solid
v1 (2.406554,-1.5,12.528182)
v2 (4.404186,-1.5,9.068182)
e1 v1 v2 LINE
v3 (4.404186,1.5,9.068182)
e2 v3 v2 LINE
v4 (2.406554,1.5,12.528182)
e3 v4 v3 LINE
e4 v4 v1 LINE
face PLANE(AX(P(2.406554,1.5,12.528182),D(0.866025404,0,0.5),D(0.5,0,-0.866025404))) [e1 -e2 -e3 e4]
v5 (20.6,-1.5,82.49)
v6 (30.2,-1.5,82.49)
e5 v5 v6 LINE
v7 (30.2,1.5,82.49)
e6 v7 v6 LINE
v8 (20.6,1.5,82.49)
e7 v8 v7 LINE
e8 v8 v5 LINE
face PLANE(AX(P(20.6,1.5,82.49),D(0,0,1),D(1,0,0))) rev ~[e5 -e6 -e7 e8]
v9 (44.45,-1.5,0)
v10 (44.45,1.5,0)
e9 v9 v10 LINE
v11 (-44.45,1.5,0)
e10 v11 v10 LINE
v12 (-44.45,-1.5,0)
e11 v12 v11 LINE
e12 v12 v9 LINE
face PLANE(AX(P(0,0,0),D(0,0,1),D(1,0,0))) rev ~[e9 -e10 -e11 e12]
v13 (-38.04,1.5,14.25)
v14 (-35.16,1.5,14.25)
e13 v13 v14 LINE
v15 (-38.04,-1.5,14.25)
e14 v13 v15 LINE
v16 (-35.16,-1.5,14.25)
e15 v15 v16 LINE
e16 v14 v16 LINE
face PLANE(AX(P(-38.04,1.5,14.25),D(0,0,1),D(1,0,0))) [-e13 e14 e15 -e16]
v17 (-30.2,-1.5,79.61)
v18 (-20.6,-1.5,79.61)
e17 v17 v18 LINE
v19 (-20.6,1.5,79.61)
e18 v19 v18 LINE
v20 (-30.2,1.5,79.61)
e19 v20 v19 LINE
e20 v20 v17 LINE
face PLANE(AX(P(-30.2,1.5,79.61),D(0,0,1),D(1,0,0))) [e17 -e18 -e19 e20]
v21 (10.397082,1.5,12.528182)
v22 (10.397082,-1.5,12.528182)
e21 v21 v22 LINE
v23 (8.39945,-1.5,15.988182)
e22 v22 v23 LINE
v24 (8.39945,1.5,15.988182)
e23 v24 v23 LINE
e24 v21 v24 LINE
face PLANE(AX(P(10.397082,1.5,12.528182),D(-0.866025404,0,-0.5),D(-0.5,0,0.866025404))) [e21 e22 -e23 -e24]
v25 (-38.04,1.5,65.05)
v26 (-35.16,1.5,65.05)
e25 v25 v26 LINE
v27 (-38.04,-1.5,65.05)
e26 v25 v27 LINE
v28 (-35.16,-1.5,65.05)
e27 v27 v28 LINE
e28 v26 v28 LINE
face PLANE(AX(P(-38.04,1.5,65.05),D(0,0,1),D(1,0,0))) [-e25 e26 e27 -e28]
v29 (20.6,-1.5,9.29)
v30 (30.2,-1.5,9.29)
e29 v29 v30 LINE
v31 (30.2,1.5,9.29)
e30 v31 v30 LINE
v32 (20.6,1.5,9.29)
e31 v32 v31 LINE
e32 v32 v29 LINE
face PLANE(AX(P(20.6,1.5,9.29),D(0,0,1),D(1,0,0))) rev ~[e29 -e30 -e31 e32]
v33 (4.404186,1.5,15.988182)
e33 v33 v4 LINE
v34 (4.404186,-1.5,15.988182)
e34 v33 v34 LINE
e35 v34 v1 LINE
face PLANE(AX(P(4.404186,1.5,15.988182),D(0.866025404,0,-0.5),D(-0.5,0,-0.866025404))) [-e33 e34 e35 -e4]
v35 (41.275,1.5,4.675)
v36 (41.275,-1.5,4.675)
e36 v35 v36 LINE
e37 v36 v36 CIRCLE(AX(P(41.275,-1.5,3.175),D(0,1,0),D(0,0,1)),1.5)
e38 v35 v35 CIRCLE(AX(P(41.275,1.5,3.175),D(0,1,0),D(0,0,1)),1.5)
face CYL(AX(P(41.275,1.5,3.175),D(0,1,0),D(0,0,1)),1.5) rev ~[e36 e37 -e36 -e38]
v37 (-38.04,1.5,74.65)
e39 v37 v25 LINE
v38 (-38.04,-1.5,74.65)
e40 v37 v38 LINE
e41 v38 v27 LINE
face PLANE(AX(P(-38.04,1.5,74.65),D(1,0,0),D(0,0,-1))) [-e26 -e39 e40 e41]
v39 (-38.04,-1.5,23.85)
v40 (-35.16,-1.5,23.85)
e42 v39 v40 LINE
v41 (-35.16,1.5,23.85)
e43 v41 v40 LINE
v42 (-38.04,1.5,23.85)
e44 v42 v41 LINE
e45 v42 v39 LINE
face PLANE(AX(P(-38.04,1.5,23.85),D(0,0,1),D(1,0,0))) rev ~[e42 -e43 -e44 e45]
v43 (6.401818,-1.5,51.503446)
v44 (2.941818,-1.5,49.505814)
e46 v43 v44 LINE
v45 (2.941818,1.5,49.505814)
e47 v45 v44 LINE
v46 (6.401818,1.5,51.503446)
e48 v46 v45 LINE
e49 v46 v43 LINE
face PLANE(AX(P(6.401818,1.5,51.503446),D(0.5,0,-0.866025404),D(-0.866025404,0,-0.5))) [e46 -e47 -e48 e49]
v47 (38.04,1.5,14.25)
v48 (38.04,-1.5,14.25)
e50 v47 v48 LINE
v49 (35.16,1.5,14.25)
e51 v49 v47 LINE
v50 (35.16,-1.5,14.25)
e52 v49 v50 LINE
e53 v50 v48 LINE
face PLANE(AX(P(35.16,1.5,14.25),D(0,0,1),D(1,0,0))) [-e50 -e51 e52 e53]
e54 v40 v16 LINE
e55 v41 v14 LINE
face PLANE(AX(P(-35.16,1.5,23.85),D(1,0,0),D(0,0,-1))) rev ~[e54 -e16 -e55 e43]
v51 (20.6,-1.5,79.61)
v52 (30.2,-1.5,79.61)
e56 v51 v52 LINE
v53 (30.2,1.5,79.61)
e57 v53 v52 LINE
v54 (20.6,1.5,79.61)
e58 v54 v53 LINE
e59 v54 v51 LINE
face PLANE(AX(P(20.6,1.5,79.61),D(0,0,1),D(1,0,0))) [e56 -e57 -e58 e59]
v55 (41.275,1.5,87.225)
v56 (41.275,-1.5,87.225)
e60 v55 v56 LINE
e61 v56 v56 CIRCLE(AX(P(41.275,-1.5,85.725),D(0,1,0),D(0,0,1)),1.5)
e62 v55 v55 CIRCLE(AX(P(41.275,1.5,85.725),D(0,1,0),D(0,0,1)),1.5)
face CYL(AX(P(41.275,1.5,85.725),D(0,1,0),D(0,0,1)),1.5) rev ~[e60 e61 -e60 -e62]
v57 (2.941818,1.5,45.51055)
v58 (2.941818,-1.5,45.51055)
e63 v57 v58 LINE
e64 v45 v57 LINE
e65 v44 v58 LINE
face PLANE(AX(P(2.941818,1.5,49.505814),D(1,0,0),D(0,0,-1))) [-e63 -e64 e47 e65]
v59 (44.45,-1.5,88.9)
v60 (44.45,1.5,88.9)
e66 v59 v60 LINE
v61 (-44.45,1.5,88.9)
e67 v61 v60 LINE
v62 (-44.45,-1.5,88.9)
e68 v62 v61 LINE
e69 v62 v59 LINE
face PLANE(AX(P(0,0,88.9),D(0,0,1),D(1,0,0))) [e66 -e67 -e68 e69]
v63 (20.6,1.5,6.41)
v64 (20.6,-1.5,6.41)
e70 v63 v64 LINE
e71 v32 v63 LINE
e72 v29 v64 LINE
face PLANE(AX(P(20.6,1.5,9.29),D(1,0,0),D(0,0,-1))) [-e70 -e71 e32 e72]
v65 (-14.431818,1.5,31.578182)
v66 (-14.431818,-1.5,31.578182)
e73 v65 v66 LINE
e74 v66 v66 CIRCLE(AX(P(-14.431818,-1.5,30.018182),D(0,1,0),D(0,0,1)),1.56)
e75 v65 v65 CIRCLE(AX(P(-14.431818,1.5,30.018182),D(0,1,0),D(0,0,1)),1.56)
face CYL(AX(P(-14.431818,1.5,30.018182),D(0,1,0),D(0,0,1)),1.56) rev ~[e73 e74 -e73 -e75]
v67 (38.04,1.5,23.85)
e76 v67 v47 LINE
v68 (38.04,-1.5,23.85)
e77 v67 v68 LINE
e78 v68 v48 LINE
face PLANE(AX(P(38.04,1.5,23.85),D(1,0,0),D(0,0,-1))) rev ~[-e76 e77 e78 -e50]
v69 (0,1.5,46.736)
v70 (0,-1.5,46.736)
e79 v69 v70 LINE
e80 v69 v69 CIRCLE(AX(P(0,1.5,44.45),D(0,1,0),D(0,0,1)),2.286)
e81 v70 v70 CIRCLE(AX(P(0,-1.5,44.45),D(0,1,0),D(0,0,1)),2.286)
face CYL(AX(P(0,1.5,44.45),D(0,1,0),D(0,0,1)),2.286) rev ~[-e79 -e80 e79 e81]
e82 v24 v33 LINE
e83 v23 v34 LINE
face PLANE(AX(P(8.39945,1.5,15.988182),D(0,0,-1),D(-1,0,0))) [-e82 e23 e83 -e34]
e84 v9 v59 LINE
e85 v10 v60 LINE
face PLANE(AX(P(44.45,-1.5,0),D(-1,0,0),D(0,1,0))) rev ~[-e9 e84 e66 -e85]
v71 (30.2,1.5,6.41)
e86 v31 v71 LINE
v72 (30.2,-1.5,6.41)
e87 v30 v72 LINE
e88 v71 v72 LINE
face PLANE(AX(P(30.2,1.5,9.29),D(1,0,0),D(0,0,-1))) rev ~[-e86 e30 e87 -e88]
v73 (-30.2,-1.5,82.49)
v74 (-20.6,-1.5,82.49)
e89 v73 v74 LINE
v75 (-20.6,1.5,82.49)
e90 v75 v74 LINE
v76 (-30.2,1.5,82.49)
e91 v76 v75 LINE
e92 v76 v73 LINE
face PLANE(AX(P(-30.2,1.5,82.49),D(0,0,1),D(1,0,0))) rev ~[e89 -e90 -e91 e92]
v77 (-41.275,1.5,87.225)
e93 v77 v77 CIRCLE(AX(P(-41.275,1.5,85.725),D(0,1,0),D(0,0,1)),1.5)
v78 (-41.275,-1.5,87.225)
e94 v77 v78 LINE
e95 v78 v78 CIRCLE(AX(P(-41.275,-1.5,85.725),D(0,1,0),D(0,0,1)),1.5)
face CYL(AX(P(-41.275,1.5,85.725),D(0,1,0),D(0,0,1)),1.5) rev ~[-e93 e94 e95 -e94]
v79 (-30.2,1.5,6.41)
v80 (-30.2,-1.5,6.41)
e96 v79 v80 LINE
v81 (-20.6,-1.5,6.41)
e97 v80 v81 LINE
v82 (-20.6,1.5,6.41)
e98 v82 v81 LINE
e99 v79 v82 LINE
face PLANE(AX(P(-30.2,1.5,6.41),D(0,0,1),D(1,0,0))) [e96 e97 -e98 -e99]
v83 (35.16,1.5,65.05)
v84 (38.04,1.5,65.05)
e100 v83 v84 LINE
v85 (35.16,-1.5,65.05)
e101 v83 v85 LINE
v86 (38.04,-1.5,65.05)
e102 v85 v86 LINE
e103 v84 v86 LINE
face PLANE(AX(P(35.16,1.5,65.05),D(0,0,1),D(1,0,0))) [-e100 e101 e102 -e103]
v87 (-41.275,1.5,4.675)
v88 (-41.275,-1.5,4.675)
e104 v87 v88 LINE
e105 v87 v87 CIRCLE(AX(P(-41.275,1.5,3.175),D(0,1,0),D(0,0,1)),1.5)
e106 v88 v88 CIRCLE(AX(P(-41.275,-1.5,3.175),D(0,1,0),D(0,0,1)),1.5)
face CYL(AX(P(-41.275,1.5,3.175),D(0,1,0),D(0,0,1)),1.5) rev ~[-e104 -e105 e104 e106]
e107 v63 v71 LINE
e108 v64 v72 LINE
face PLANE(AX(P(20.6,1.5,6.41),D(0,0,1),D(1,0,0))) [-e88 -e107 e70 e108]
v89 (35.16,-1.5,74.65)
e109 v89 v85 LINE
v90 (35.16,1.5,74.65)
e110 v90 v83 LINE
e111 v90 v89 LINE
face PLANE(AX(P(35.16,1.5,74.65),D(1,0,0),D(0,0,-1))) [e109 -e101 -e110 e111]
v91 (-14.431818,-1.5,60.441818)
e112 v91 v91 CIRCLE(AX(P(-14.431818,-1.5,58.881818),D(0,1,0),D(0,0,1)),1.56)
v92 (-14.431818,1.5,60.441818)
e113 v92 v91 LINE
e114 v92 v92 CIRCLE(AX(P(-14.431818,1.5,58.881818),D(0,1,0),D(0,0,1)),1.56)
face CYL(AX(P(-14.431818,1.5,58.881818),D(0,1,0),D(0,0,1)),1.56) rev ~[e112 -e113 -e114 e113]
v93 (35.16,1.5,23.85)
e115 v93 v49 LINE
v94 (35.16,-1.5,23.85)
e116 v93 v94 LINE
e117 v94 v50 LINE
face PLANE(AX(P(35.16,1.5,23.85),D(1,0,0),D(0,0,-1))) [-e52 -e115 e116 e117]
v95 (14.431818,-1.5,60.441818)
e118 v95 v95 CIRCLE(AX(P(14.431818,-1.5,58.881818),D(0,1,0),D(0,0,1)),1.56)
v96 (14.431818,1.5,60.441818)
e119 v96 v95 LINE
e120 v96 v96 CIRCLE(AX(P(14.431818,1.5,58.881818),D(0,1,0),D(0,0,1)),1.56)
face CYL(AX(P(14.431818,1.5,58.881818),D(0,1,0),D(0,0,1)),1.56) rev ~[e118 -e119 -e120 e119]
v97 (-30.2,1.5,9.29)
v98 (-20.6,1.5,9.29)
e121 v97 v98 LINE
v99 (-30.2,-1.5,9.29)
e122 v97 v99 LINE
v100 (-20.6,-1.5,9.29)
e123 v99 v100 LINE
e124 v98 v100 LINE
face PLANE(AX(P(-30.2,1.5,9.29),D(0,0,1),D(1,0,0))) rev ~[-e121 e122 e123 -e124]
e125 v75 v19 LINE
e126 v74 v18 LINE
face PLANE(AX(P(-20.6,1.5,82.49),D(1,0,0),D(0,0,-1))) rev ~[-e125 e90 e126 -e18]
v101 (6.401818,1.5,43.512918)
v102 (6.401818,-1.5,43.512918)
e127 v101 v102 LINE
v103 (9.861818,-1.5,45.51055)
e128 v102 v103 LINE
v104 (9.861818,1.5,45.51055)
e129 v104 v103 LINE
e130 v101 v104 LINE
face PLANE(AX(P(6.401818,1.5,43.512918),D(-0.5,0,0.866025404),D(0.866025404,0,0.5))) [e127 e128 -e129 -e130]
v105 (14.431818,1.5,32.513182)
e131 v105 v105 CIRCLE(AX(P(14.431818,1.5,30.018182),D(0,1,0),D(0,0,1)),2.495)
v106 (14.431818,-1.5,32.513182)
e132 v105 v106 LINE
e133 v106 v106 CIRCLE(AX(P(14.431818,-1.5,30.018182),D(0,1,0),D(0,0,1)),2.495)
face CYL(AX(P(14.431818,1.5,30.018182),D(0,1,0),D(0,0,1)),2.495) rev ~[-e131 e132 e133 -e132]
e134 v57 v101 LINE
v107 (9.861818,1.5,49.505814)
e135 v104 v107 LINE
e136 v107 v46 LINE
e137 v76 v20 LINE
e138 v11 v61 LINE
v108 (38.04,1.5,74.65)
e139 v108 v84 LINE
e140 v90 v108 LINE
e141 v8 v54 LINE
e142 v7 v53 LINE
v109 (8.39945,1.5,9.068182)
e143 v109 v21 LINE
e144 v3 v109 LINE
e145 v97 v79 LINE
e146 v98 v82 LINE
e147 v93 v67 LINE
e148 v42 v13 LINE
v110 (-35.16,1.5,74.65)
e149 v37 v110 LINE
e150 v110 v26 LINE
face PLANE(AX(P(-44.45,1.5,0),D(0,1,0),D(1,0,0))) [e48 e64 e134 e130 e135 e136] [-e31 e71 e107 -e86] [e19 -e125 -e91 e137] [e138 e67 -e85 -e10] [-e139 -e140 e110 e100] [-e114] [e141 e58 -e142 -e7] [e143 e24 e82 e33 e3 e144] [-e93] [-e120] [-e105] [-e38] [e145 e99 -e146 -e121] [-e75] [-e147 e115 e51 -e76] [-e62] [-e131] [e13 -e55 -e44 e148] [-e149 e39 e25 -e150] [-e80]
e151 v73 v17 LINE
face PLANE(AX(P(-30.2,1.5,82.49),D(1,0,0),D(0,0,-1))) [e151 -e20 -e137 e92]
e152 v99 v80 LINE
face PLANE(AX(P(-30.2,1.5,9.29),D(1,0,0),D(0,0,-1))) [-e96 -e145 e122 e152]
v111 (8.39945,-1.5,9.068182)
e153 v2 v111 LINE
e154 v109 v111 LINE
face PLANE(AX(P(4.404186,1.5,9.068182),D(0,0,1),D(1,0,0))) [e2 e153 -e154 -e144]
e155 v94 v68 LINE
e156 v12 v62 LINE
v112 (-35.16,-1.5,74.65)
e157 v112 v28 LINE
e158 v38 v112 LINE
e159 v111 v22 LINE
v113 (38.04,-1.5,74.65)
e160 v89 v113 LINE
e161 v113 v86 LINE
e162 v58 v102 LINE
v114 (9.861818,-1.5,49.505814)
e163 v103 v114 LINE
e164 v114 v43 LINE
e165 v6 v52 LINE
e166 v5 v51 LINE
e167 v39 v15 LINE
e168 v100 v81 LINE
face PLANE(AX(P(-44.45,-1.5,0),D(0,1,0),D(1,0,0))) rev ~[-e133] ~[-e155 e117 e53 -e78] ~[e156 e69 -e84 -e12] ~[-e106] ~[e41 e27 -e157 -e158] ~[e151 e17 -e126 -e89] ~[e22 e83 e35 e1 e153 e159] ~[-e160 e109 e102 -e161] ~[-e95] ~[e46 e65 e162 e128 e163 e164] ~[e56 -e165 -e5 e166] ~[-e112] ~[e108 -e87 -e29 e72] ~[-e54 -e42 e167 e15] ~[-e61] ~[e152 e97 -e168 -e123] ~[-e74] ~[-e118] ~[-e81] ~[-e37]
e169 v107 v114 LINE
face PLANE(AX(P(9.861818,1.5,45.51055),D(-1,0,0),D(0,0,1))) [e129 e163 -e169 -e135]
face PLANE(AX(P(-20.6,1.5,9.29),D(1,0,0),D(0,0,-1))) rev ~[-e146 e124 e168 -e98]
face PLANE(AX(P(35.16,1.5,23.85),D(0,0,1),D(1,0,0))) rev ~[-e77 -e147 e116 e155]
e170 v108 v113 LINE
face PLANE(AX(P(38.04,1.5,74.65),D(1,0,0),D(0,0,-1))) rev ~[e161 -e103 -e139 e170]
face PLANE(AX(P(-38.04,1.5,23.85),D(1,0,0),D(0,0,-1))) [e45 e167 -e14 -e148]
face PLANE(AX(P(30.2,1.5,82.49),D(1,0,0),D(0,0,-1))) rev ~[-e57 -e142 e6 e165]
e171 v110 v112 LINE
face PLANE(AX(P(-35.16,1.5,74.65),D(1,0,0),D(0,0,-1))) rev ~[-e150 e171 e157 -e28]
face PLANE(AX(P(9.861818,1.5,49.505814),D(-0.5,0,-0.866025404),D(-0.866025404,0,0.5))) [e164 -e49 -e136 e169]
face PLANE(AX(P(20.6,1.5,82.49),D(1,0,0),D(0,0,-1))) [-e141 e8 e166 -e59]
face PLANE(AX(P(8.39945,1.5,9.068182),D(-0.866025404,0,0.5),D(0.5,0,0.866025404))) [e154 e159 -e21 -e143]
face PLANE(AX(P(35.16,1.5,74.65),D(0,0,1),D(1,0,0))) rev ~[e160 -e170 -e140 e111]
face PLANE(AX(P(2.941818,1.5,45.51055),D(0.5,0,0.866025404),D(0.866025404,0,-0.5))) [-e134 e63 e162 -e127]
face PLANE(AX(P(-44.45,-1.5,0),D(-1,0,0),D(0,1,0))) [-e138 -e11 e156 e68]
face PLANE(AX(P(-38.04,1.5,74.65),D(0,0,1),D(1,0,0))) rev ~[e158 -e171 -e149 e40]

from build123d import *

# Parameters (mm, degrees)
SKETCH_2_W          = 88.9
SKETCH_2_H          = 3
EXTRUDE_1_DEPTH     = 88.9
SKETCH_4_R          = 1.5
SKETCH_4_W          = 2.88
SKETCH_4_H          = 9.6
SKETCH_4_W_2        = 9.6
SKETCH_4_H_2        = 2.88
CUT_EXTRUDE_1_DEPTH = 3
SKETCH_5_R          = 1.56
CUT_EXTRUDE_2_DEPTH = 3
SKETCH_7_R          = 2.495
CUT_EXTRUDE_3_DEPTH = 3
SKETCH_8_R          = 2.286
CUT_EXTRUDE_4_DEPTH = 3


with BuildPart() as part:
    # 스케치2 → 보스-돌출1 (new body)
    with BuildSketch(Plane.XY):
        Rectangle(SKETCH_2_W, SKETCH_2_H)
    extrude(amount=EXTRUDE_1_DEPTH)

    # 스케치4 → 컷-돌출1 (cut)
    with BuildSketch(Plane(origin=(0, 1.5, 0), x_dir=(1, 0, 0), z_dir=(0, 1, 0))):
        with Locations(Location((-41.275, -85.725, 0), (0, 0, 270))):
            Circle(SKETCH_4_R)
        with Locations(Location((-41.275, -3.175, 0), (0, 0, 270))):
            Circle(SKETCH_4_R)
        with Locations(Location((41.275, -3.175, 0), (0, 0, 270))):
            Circle(SKETCH_4_R)
        with Locations(Location((41.275, -85.725, 0), (0, 0, 270))):
            Circle(SKETCH_4_R)
        with Locations((-36.6, -69.85)):
            Rectangle(SKETCH_4_W, SKETCH_4_H)
        with Locations((-36.6, -19.05)):
            Rectangle(SKETCH_4_W, SKETCH_4_H)
        with Locations((-25.4, -7.85)):
            Rectangle(SKETCH_4_W_2, SKETCH_4_H_2)
        with Locations((36.6, -69.85)):
            Rectangle(SKETCH_4_W, SKETCH_4_H)
        with Locations((36.6, -19.05)):
            Rectangle(SKETCH_4_W, SKETCH_4_H)
        with Locations((25.4, -7.85)):
            Rectangle(SKETCH_4_W_2, SKETCH_4_H_2)
        with Locations((25.4, -81.05)):
            Rectangle(SKETCH_4_W_2, SKETCH_4_H_2)
        with Locations((-25.4, -81.05)):
            Rectangle(SKETCH_4_W_2, SKETCH_4_H_2)
    extrude(amount=-CUT_EXTRUDE_1_DEPTH, mode=Mode.SUBTRACT)

    # 스케치5 → 컷-돌출2 (cut)
    with BuildSketch(Plane(origin=(0, 1.5, 0), x_dir=(1, 0, 0), z_dir=(0, 1, 0))):
        with Locations(Location((-14.431818182, -30.018181818, 0), (0, 0, 270))):
            Circle(SKETCH_5_R)
        with Locations(Location((14.431818182, -30.018181818, 0), (0, 0, 270))):
            Circle(SKETCH_5_R)
        with Locations(Location((14.431818182, -58.881818182, 0), (0, 0, 270))):
            Circle(SKETCH_5_R)
        with Locations(Location((-14.431818182, -58.881818182, 0), (0, 0, 270))):
            Circle(SKETCH_5_R)
    extrude(amount=-CUT_EXTRUDE_2_DEPTH, mode=Mode.SUBTRACT)

    # 스케치7 → 컷-돌출3 (cut)
    with BuildSketch(Plane(origin=(0, 1.5, 0), x_dir=(1, 0, 0), z_dir=(0, 1, 0))):
        with Locations(Location((14.431818182, -30.018181818, 0), (0, 0, 270))):
            Circle(SKETCH_7_R)
        Polygon((6.401818182, -51.503445681), (2.941818182, -49.50581375), (2.941818182, -45.510549887), (6.401818182, -43.512917955), (9.861818182, -45.510549887), (9.861818182, -49.50581375), align=None)
        Polygon((4.40418625, -15.988181818), (2.406554319, -12.528181818), (4.40418625, -9.068181818), (8.399450113, -9.068181818), (10.397082045, -12.528181818), (8.399450113, -15.988181818), align=None)
    extrude(amount=-CUT_EXTRUDE_3_DEPTH, mode=Mode.SUBTRACT)

    # 스케치8 → 컷-돌출4 (cut)
    with BuildSketch(Plane(origin=(0, 1.5, 0), x_dir=(1, 0, 0), z_dir=(0, 1, 0))):
        with Locations(Location((0, -44.45, 0), (0, 0, 270))):
            Circle(SKETCH_8_R)
    extrude(amount=-CUT_EXTRUDE_4_DEPTH, mode=Mode.SUBTRACT)


solid = part.part
